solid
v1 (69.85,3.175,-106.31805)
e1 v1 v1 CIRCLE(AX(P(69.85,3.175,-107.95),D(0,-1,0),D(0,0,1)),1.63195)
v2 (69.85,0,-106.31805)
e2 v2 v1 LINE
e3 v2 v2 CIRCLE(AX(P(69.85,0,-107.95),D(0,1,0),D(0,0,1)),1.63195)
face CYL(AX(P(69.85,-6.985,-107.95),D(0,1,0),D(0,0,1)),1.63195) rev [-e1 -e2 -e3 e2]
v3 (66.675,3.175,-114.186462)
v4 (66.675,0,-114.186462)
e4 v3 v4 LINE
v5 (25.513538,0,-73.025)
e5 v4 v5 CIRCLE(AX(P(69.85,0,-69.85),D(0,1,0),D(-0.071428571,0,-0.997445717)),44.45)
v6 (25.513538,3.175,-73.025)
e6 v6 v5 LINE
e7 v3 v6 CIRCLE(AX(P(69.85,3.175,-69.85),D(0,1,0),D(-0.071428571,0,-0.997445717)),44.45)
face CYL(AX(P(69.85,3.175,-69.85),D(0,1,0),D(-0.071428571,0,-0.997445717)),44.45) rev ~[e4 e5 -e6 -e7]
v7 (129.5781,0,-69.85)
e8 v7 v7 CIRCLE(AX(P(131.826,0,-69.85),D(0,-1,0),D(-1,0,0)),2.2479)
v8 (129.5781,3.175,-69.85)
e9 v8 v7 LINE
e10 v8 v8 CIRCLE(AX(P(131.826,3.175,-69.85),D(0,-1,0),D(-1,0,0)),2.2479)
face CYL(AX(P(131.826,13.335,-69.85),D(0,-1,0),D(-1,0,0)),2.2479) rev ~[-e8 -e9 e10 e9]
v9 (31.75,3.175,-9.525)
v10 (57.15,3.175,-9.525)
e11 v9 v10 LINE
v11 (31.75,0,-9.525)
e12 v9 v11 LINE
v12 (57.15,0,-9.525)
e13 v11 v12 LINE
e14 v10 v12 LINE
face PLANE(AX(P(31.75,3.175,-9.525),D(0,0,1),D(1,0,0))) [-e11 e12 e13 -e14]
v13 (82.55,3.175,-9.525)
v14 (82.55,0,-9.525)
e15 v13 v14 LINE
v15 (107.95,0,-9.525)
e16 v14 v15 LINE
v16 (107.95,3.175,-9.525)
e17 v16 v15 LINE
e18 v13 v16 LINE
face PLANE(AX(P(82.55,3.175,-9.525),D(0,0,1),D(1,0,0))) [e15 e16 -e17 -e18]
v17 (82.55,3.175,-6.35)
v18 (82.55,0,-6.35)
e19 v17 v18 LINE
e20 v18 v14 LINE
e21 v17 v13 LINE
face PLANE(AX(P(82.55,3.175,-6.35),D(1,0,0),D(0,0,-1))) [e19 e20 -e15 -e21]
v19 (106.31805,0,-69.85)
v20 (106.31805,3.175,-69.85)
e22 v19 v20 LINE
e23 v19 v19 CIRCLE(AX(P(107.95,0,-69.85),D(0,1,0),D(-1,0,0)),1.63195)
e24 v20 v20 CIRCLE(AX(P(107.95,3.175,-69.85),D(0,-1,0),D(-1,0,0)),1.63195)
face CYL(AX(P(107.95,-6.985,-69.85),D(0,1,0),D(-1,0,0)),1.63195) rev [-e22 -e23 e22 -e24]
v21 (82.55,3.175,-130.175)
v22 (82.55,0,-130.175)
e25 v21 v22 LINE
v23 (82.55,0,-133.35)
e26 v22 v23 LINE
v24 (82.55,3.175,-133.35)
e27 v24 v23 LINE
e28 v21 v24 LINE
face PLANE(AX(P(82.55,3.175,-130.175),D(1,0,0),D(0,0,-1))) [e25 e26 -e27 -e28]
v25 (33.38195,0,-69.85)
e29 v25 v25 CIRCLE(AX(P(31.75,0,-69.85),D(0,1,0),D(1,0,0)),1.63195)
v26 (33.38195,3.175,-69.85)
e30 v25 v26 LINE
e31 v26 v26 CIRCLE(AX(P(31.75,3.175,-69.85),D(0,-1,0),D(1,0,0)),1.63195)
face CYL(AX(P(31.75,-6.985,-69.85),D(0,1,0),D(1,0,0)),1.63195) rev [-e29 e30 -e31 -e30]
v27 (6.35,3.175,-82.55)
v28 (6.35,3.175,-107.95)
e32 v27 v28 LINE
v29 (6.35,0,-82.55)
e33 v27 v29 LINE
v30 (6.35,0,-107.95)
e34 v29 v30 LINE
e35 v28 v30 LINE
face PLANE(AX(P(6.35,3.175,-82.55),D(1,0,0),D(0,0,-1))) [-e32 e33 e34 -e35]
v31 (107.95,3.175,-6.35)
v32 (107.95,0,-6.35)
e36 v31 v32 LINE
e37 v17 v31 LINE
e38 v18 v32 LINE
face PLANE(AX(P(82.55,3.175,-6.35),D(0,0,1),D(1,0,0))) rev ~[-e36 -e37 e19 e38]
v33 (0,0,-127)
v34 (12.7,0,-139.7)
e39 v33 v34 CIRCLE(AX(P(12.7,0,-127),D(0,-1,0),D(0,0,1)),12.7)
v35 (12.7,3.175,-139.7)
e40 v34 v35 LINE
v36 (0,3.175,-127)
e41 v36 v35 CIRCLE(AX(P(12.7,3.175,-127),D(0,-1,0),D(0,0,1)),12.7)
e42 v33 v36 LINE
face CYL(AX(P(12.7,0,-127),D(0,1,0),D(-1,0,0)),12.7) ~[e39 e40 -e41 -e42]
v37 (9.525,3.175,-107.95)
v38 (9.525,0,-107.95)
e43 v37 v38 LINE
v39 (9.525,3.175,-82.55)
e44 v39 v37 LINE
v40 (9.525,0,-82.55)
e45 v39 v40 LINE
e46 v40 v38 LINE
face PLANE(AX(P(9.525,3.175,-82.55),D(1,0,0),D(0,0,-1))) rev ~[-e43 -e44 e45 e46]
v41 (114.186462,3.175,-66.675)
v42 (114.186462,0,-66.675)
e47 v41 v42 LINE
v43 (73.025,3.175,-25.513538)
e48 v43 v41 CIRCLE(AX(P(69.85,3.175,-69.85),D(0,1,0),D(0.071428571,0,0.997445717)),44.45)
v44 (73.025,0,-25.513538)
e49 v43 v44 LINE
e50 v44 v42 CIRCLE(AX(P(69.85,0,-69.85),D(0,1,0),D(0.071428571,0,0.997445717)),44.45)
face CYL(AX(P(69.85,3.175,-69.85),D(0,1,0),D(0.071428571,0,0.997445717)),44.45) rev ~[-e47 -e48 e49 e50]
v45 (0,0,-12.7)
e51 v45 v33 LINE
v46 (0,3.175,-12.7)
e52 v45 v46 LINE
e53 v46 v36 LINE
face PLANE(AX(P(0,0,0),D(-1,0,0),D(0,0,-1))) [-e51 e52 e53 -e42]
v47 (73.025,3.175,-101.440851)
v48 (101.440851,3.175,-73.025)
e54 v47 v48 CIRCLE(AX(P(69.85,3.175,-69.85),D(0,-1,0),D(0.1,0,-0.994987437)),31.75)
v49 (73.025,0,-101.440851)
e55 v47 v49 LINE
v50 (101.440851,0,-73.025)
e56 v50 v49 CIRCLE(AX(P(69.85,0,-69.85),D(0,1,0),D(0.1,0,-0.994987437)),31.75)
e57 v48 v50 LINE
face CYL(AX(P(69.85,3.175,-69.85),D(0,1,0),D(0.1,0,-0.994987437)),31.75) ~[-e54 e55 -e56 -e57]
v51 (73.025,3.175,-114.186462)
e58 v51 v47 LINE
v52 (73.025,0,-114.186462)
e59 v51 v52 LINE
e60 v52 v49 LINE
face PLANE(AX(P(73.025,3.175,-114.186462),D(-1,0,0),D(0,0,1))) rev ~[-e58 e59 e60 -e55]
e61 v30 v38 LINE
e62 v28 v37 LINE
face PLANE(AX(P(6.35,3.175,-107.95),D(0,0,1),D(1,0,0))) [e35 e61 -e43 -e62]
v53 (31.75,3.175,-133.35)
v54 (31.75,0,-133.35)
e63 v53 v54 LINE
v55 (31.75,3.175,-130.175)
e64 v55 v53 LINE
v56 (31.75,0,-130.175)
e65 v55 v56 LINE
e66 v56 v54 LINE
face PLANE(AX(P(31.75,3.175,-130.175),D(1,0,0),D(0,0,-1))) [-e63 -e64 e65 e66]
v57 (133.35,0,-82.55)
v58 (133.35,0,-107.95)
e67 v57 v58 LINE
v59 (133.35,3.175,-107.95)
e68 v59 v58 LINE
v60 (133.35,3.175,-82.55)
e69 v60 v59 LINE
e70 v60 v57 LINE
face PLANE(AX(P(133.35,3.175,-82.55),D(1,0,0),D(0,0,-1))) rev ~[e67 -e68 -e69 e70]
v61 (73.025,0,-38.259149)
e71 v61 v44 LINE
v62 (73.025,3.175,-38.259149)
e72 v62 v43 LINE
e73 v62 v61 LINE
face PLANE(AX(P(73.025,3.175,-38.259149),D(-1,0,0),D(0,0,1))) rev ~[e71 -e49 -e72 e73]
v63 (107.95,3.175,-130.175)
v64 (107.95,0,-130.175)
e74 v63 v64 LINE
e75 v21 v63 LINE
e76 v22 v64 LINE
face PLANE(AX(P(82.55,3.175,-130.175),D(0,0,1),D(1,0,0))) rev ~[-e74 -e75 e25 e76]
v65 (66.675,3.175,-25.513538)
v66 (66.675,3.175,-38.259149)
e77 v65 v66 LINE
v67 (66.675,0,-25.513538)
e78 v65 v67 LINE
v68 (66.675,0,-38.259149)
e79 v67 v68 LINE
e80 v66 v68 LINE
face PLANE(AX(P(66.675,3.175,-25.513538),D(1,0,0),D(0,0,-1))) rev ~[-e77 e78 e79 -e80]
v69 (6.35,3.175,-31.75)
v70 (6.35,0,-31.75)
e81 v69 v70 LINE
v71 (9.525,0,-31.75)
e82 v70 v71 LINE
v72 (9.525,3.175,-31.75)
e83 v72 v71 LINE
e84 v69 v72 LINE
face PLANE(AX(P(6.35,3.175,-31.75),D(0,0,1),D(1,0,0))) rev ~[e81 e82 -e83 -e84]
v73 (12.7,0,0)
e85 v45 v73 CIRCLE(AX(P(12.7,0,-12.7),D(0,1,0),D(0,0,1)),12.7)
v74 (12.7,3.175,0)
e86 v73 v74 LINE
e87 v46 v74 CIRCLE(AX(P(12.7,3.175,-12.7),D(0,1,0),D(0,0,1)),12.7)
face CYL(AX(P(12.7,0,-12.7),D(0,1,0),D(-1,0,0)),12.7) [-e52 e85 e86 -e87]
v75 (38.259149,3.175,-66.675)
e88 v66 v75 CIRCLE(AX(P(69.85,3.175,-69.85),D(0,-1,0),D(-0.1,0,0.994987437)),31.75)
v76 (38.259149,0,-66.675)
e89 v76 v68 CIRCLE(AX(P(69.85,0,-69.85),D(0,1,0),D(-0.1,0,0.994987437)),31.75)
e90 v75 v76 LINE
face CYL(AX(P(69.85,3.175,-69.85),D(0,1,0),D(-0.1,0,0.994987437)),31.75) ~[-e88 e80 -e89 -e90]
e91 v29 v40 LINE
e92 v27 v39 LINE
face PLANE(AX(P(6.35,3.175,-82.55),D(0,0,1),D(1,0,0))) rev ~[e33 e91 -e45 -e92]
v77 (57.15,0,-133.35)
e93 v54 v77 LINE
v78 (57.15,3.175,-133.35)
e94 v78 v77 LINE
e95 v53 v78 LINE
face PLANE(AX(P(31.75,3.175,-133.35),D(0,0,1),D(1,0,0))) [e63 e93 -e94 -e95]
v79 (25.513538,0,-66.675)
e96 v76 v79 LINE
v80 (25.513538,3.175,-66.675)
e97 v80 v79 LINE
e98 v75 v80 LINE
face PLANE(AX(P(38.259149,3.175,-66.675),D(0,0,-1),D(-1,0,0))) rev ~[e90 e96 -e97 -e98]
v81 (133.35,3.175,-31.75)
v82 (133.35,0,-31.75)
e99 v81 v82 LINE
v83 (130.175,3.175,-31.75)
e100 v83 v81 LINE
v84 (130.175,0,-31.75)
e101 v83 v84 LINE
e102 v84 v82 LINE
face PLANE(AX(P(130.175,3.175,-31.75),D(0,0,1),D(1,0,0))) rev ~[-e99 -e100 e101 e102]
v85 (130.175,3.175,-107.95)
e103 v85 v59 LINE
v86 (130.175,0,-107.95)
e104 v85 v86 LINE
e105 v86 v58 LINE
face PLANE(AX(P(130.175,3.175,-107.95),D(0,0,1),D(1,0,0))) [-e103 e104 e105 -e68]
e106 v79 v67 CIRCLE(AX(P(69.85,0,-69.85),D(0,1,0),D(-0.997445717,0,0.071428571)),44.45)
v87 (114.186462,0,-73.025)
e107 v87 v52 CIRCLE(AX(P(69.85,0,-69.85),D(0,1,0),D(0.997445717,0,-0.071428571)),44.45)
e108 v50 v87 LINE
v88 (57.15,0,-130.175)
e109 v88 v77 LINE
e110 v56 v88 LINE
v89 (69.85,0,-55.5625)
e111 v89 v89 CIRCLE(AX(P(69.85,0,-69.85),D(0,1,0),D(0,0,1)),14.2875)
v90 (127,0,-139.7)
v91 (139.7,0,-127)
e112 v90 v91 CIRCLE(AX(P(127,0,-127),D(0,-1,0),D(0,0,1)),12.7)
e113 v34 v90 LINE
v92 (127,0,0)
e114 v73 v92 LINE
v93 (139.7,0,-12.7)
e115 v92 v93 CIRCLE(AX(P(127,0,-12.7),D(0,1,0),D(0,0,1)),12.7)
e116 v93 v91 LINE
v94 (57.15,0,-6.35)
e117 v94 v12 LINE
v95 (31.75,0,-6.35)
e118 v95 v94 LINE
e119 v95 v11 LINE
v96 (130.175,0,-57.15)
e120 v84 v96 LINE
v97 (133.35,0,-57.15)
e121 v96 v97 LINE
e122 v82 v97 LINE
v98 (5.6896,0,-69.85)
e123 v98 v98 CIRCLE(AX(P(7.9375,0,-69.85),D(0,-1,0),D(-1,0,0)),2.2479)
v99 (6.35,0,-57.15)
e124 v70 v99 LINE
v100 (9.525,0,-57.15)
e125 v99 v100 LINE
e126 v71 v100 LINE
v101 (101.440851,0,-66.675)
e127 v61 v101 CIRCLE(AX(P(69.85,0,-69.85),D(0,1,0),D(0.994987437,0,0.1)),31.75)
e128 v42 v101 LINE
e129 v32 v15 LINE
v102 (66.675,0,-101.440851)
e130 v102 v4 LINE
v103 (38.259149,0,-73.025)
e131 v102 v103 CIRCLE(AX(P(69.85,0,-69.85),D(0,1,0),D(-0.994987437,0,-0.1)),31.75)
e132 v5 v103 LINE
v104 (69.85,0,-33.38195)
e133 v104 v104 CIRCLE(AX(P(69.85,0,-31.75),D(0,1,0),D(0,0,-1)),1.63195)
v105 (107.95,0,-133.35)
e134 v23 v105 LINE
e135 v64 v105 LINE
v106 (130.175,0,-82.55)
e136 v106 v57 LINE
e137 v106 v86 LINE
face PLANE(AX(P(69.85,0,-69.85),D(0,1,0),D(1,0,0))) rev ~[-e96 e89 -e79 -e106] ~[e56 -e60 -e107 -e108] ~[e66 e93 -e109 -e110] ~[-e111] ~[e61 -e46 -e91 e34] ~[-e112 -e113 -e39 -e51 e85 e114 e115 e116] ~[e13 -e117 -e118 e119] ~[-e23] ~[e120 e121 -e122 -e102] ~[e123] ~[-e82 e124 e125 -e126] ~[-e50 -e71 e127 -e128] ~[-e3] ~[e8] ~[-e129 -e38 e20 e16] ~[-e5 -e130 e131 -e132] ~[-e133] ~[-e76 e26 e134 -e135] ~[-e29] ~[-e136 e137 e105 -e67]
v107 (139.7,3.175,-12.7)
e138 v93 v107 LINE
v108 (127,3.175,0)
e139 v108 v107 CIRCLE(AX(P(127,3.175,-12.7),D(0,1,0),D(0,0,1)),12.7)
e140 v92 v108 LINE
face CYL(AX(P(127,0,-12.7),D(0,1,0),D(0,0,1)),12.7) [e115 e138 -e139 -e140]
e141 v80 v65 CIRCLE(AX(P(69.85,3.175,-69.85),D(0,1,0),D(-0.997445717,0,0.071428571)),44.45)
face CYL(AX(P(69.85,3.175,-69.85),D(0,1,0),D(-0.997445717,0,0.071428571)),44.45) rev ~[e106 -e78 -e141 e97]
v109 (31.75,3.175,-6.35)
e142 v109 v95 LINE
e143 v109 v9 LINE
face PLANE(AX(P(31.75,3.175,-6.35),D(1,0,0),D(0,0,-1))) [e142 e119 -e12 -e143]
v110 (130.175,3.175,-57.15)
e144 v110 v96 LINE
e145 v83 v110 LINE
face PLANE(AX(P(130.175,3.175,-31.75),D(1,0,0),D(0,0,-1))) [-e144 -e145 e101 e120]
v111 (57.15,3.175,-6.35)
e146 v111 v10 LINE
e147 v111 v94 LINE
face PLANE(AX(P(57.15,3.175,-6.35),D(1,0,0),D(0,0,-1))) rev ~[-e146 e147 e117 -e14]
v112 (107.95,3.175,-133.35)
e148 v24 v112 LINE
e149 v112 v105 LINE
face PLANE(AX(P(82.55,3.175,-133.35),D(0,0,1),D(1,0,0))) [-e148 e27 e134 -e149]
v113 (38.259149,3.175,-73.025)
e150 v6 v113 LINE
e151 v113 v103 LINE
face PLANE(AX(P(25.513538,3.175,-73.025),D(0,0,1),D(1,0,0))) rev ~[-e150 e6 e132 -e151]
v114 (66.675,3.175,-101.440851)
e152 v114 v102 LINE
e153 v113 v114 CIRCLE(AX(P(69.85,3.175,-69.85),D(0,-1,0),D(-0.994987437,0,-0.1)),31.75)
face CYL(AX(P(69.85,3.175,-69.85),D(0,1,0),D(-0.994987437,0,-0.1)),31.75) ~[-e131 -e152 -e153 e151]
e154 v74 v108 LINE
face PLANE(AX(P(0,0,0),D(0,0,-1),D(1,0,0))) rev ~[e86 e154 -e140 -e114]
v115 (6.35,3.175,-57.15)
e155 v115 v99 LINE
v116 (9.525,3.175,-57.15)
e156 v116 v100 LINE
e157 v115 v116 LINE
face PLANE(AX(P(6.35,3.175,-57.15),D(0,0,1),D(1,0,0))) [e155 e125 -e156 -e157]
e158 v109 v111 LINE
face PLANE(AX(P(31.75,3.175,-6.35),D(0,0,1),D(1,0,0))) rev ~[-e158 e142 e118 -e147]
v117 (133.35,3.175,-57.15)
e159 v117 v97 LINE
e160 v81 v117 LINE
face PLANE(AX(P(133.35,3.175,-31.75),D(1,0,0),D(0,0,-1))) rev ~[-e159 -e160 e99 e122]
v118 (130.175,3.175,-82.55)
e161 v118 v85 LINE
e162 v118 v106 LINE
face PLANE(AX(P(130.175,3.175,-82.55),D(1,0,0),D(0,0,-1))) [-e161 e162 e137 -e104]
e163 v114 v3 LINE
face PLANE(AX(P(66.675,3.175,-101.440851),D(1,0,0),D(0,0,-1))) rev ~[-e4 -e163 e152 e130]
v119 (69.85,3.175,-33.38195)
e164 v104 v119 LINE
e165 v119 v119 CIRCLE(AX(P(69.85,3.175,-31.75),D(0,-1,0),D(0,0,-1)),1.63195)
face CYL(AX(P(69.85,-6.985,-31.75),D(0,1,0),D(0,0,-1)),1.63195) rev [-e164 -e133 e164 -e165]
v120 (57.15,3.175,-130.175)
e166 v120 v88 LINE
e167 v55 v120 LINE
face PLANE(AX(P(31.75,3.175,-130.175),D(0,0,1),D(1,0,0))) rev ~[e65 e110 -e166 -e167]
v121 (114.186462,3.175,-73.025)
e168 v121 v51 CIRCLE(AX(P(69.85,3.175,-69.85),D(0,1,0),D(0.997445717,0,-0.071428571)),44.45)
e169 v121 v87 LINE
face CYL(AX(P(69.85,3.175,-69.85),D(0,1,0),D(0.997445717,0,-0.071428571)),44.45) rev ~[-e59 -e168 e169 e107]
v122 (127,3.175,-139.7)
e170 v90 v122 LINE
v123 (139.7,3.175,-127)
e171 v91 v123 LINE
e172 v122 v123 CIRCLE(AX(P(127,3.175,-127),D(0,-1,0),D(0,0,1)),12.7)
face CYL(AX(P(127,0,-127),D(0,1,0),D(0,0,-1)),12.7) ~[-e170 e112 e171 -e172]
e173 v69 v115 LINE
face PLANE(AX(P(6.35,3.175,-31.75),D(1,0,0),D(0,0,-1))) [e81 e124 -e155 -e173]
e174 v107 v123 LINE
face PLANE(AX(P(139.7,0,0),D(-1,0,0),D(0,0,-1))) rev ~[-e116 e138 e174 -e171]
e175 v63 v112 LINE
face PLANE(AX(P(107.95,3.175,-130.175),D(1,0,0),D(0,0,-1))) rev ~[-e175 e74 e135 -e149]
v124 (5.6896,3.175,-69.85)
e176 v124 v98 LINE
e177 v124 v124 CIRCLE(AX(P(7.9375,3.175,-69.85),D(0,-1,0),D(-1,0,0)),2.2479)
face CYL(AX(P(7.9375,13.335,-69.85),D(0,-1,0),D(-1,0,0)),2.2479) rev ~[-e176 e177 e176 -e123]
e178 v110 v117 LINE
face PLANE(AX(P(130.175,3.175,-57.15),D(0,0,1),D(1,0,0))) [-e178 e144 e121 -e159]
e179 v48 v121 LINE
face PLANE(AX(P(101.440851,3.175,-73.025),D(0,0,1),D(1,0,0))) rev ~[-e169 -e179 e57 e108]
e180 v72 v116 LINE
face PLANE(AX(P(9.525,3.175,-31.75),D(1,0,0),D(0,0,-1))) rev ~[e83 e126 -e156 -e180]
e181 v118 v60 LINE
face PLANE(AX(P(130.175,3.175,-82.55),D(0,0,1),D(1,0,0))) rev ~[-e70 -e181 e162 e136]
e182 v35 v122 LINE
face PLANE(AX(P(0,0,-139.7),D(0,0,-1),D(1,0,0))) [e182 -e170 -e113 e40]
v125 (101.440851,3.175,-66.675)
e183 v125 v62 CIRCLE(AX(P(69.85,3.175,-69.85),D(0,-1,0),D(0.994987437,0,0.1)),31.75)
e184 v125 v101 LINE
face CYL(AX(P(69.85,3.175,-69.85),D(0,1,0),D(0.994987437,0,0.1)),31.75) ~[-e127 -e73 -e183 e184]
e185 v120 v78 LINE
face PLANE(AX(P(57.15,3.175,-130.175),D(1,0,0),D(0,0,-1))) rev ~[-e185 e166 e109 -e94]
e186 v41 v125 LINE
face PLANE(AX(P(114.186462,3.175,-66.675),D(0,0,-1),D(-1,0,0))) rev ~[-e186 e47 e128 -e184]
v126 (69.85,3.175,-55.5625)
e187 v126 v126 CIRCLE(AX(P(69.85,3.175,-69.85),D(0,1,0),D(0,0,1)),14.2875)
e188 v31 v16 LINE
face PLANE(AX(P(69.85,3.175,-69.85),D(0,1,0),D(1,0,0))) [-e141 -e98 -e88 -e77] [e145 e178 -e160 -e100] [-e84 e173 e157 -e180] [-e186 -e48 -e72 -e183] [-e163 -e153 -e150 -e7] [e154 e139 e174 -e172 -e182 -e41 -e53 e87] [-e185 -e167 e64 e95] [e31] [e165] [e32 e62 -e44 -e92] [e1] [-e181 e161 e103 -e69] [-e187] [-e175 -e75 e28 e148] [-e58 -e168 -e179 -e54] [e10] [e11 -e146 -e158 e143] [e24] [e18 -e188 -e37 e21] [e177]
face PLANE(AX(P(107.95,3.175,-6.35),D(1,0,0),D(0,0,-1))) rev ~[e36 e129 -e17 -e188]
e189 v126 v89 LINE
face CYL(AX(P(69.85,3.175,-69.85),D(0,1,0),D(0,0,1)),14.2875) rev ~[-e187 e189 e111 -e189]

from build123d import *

# Parameters (mm, degrees)
SKETCH1_W                 = 139.7
SKETCH1_H                 = 139.7
BOSS_EXTRUDE1_DEPTH       = 3.175
SKETCH13_W                = 25.4
SKETCH13_H                = 3.175
CUT_EXTRUDE6_DEPTH        = 6.35
LPATTERN7_COUNT           = 2
LPATTERN7_PITCH           = 123.825
SKETCH14_W                = 3.175
SKETCH14_H                = 25.4
CUT_EXTRUDE7_DEPTH        = 6.35
F_8_CLEARANCE_HOLE1_D     = 4.4958
F_8_CLEARANCE_HOLE1_DEPTH = 10.16
F_8_CLEARANCE_HOLE1_TIP   = 1.350674586
SKETCH18_R                = 14.2875
CUT_EXTRUDE9_DEPTH        = 7.62
FILLET6_R                 = 12.7
CUT_EXTRUDE17_DEPTH       = 7.62
CIRPATTERN1_COUNT         = 4


with BuildPart() as part:
    # Sketch1 → Boss-Extrude1 (new body)
    with BuildSketch(Plane(origin=(0, 0, 0), x_dir=(1, 0, 0), z_dir=(0, 1, 0))):
        with Locations((69.85, 69.85)):
            Rectangle(SKETCH1_W, SKETCH1_H)
    extrude(amount=BOSS_EXTRUDE1_DEPTH)

    # Sketch13 → Cut-Extrude6 (cut)
    with BuildSketch(Plane(origin=(0, 3.175, 0), x_dir=(1, 0, 0), z_dir=(0, 1, 0))):
        with Locations((44.45, 7.9375)):
            Rectangle(SKETCH13_W, SKETCH13_H)
        with Locations((95.25, 7.9375)):
            Rectangle(SKETCH13_W, SKETCH13_H)
    cut_extrude6 = extrude(amount=-CUT_EXTRUDE6_DEPTH, mode=Mode.SUBTRACT)

    # LPattern7: Cut-Extrude6 ×2
    with Locations(*[(0, 0, -i * LPATTERN7_PITCH) for i in range(1, LPATTERN7_COUNT)]):
        add(cut_extrude6, mode=Mode.SUBTRACT)

    # Sketch14 → Cut-Extrude7 (cut)
    with BuildSketch(Plane(origin=(0, 3.175, 0), x_dir=(1, 0, 0), z_dir=(0, 1, 0))):
        with Locations((7.9375, 44.45)):
            Rectangle(SKETCH14_W, SKETCH14_H)
        with Locations((131.7625, 44.45)):
            Rectangle(SKETCH14_W, SKETCH14_H)
        with Locations((131.7625, 95.25)):
            Rectangle(SKETCH14_W, SKETCH14_H)
        with Locations((7.9375, 95.25)):
            Rectangle(SKETCH14_W, SKETCH14_H)
    extrude(amount=-CUT_EXTRUDE7_DEPTH, mode=Mode.SUBTRACT)

    # #8 Clearance Hole1
    with Locations(Plane(origin=(0, 3.175, 0), x_dir=(1, 0, 0), z_dir=(0, 1, 0))):
        with Locations((7.9375, 69.85), (131.826, 69.85)):
            Hole(F_8_CLEARANCE_HOLE1_D / 2, depth=F_8_CLEARANCE_HOLE1_DEPTH)
            with Locations((0, 0, -(F_8_CLEARANCE_HOLE1_DEPTH + F_8_CLEARANCE_HOLE1_TIP / 2))):  # 118° drill point
                Cone(0, F_8_CLEARANCE_HOLE1_D / 2, F_8_CLEARANCE_HOLE1_TIP, mode=Mode.SUBTRACT)

    # Sketch18 → Cut-Extrude9 (cut)
    with BuildSketch(Plane(origin=(0, 3.175, 0), x_dir=(1, 0, 0), z_dir=(0, 1, 0))):
        with Locations(Location((69.85, 69.85, 0), (0, 0, 270))):
            Circle(SKETCH18_R)
    extrude(amount=-CUT_EXTRUDE9_DEPTH, mode=Mode.SUBTRACT)

    # Fillet6
    fillet6_edges = [part.edges().sort_by_distance(p)[0] for p in [
        (0, 1.5875, -139.7),
        (139.7, 1.5875, -139.7),
        (139.7, 1.5875, 0),
        (0, 1.5875, 0),
    ]]
    fillet(fillet6_edges, radius=FILLET6_R)

    # Sketch26 → Cut-Extrude17 (cut)
    with BuildSketch(Plane(origin=(0, 3.175, 0), x_dir=(1, 0, 0), z_dir=(0, 1, 0))):
        with BuildLine():
            ThreePointArc((66.675, 114.186462139), (38.419103576, 101.280896424), (25.513537861, 73.025))
            Line((25.513537861, 73.025), (38.259148872, 73.025))
            ThreePointArc((38.259148872, 73.025), (47.399359697, 92.300640303), (66.675, 101.440851128))
            Line((66.675, 101.440851128), (66.675, 114.186462139))
        make_face()
        with BuildLine():
            ThreePointArc((25.513537861, 66.675), (38.419103576, 38.419103576), (66.675, 25.513537861))
            Line((66.675, 25.513537861), (66.675, 38.259148872))
            ThreePointArc((66.675, 38.259148872), (47.399359697, 47.399359697), (38.259148872, 66.675))
            Line((38.259148872, 66.675), (25.513537861, 66.675))
        make_face()
        with BuildLine():
            Line((73.025, 38.259148872), (73.025, 25.513537861))
            ThreePointArc((73.025, 25.513537861), (101.280896424, 38.419103576), (114.186462139, 66.675))
            Line((114.186462139, 66.675), (101.440851128, 66.675))
            ThreePointArc((101.440851128, 66.675), (92.300640303, 47.399359697), (73.025, 38.259148872))
        make_face()
        with BuildLine():
            Line((101.440851128, 73.025), (114.186462139, 73.025))
            ThreePointArc((114.186462139, 73.025), (101.280896424, 101.280896424), (73.025, 114.186462139))
            Line((73.025, 114.186462139), (73.025, 101.440851128))
            ThreePointArc((73.025, 101.440851128), (92.300640303, 92.300640303), (101.440851128, 73.025))
        make_face()
    extrude(amount=-CUT_EXTRUDE17_DEPTH, mode=Mode.SUBTRACT)

    # Sketch27 → #4 Clearance Hole1 (revolve, cut)
    with BuildSketch(Plane(origin=(69.85, 3.175, -107.95), x_dir=(0, 0, 1), z_dir=(1, 0, 0))):
        Polygon((0, 0), (0, 11.140574487), (1.63195, 10.16), (1.63195, 0), align=None)
    f_4_clearance_hole1 = revolve(axis=Axis((69.85, 9.525, -107.95), (0, -1, 0)), mode=Mode.SUBTRACT)

    # CirPattern1: #4 Clearance Hole1 ×4 about axis
    cirpattern1_axis = Axis((69.85, 0, -69.85), (0, 1, 0))
    for i in range(1, CIRPATTERN1_COUNT):
        add(f_4_clearance_hole1.rotate(cirpattern1_axis, i * 360 / CIRPATTERN1_COUNT), mode=Mode.SUBTRACT)


solid = part.part
